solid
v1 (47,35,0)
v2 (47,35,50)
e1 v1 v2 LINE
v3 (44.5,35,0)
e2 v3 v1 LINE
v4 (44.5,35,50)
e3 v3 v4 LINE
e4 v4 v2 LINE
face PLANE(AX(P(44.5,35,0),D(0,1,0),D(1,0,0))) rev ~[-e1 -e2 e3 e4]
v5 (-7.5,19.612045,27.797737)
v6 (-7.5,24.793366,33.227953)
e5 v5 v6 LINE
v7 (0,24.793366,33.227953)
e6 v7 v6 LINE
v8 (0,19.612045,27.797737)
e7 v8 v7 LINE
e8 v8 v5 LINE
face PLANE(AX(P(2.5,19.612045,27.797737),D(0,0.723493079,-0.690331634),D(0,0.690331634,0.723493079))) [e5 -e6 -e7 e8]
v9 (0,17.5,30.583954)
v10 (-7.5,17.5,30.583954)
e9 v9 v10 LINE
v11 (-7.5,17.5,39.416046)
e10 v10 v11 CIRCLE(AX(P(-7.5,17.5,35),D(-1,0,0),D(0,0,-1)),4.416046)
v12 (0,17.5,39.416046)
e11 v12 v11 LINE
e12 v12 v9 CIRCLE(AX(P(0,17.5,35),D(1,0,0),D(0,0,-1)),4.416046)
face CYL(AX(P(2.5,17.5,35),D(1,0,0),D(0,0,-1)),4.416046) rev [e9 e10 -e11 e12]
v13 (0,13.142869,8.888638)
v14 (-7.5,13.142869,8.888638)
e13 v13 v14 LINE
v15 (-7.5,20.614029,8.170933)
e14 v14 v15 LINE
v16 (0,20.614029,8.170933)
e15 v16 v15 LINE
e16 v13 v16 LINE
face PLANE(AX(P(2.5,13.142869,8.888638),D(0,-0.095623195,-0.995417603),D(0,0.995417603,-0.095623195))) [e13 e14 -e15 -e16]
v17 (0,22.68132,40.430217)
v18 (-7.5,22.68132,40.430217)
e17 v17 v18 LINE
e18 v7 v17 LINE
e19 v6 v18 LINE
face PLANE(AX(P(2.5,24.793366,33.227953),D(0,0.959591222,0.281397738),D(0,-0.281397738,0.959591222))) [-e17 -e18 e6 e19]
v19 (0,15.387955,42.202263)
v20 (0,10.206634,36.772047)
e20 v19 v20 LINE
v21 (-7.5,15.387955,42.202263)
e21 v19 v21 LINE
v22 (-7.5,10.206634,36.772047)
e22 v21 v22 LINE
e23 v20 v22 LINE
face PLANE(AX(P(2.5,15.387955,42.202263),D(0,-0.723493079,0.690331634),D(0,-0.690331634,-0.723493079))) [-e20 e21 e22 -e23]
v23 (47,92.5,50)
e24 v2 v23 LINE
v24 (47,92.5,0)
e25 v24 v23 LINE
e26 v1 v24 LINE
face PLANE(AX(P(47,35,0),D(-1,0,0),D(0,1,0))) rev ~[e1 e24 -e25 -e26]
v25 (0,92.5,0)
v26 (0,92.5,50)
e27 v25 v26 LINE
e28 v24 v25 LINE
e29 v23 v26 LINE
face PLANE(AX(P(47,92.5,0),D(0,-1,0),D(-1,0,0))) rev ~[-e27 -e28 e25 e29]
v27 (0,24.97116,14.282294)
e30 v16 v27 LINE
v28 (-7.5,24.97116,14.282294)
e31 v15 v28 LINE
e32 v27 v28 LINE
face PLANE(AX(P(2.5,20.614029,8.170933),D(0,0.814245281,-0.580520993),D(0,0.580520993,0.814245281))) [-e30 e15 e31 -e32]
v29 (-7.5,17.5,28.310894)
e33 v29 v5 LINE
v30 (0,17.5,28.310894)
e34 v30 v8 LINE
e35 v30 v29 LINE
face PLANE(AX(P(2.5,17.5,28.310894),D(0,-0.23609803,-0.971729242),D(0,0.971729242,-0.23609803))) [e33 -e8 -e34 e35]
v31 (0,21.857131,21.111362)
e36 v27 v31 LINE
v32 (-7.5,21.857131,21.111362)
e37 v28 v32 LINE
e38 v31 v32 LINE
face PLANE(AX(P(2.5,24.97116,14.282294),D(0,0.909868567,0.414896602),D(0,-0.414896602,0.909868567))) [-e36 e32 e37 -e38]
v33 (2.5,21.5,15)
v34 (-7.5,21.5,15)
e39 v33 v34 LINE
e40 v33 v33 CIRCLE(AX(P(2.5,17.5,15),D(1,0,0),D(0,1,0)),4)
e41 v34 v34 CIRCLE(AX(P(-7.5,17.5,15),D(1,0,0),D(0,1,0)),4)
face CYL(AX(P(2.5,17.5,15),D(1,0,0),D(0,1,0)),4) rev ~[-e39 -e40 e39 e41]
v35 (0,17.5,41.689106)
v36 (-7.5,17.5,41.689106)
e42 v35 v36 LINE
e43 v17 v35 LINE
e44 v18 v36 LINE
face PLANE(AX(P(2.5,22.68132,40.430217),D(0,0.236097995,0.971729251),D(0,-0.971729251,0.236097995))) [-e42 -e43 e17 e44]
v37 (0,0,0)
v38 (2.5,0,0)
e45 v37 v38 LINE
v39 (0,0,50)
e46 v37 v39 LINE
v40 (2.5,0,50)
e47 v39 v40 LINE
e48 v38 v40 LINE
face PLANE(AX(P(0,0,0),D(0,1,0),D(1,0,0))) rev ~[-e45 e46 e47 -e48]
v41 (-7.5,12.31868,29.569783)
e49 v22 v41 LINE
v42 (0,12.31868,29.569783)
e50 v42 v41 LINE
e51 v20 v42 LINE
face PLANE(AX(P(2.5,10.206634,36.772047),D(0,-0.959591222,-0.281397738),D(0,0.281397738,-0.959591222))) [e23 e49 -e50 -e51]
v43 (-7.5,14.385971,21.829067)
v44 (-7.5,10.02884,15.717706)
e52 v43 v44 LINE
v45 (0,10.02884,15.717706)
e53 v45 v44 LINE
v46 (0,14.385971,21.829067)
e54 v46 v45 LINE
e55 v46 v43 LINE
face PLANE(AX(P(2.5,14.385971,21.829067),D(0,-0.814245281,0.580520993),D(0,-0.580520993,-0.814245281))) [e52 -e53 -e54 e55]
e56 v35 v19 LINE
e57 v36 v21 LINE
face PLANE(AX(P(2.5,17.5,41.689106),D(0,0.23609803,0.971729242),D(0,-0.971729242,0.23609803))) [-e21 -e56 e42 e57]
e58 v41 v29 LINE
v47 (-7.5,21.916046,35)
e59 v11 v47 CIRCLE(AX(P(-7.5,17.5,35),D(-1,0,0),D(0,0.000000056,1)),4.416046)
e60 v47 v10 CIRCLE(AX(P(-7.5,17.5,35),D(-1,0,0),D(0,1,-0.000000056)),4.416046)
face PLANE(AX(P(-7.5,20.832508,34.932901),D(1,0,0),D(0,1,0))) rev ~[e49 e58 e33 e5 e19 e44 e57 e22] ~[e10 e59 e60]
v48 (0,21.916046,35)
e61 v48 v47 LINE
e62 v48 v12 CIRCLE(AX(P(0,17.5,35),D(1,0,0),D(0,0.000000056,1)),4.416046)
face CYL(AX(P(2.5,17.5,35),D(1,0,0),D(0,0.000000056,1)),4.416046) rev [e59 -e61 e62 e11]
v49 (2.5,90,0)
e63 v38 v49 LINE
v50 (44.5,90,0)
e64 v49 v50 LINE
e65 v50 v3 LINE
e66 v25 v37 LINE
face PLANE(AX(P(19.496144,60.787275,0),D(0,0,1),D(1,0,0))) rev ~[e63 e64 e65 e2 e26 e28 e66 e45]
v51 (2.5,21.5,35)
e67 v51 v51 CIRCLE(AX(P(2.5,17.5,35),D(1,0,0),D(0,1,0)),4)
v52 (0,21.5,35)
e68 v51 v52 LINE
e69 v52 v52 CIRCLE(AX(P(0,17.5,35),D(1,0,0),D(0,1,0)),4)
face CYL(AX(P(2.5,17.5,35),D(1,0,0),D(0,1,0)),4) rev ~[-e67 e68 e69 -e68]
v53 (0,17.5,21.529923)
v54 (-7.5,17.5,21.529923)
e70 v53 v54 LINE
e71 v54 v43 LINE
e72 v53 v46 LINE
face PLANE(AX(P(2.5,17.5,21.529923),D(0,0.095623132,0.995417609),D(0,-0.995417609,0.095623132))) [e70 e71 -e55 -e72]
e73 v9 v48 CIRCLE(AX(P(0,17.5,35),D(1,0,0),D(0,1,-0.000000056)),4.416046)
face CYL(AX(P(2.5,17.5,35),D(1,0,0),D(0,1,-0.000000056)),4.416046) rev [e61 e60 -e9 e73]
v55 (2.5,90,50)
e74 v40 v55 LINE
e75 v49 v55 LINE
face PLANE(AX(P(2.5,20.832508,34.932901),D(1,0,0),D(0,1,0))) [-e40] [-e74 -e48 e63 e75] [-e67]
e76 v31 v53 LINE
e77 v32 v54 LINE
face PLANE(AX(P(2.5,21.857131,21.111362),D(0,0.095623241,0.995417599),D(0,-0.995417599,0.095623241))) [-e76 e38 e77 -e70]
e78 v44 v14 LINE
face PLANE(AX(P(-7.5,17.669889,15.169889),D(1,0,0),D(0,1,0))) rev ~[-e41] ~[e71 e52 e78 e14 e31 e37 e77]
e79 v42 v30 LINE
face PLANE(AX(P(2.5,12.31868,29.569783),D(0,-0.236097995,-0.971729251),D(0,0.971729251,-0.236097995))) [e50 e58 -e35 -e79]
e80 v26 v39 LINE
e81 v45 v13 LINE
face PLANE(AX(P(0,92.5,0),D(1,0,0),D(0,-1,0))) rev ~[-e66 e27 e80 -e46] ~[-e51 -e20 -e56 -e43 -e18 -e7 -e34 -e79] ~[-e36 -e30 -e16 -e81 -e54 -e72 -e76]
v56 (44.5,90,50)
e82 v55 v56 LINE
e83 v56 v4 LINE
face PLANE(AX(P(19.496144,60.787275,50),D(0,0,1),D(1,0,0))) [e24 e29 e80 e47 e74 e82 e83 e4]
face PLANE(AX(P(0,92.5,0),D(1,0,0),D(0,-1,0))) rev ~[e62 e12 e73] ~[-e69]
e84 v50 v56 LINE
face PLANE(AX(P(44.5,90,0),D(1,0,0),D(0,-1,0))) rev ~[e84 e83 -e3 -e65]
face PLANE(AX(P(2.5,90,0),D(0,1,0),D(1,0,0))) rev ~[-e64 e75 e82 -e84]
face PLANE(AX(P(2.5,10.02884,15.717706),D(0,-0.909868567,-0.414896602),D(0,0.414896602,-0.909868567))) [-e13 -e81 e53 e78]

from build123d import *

# Parameters (mm, degrees)
F1_DEPTH = 50
F3_DEPTH = 10
F4_R     = 4
F5_DEPTH = 15


with BuildPart() as f1:
    # F0 (on Top) → F1 (new body)
    with BuildSketch(Plane.XY):
        Polygon((0, 92.5), (0, 0), (2.5, 0), (2.5, 90), (44.5, 90), (44.5, 35), (47, 35), (47, 92.5), align=None)
    extrude(amount=F1_DEPTH)

    # F2 (on face) → F3 (join)
    with BuildSketch(Plane.YZ.offset(2.5)):
        with BuildLine():
            Line((22.68132, 40.430217), (17.5, 41.689106))
            Line((17.5, 41.689106), (17.5, 39.416046))
            ThreePointArc((17.5, 39.416046), (20.622616, 38.122616), (21.916046, 35))
            ThreePointArc((21.916046, 35), (20.622616, 31.877384), (17.5, 30.583954))
            Line((17.5, 30.583954), (17.5, 28.310894))
            Line((17.5, 28.310894), (19.612045, 27.797737))
            Line((19.612045, 27.797737), (24.793366, 33.227953))
            Line((24.793366, 33.227953), (22.68132, 40.430217))
        make_face()
        with BuildLine():
            Line((17.5, 39.416046), (17.5, 41.689106))
            Line((17.5, 41.689106), (15.387955, 42.202263))
            Line((15.387955, 42.202263), (10.206634, 36.772047))
            Line((10.206634, 36.772047), (12.31868, 29.569783))
            Line((12.31868, 29.569783), (17.5, 28.310894))
            Line((17.5, 28.310894), (17.5, 30.583954))
            ThreePointArc((17.5, 30.583954), (13.083954, 35), (17.5, 39.416046))
        make_face()
        with BuildLine():
            ThreePointArc((21.304212, 15), (20.189984, 17.689984), (17.5, 18.804212))
            ThreePointArc((17.5, 18.804212), (14.810016, 12.310016), (21.304212, 15))
        make_face()
        Polygon((21.857131, 21.111362), (17.5, 21.529923), (14.385971, 21.829067), (10.02884, 15.717706), (13.142869, 8.888638), (20.614029, 8.170933), (24.97116, 14.282294), align=None)
        with BuildLine():
            ThreePointArc((21.304212, 15), (14.810016, 12.310016), (17.5, 18.804212))
            ThreePointArc((17.5, 18.804212), (20.189984, 17.689984), (21.304212, 15))
        make_face(mode=Mode.SUBTRACT)
    extrude(amount=-F3_DEPTH)

    # F4 (on face) → F5 (cut)
    with BuildSketch(Plane.YZ.offset(2.5)):
        with Locations((17.5, 35)):
            Circle(F4_R)
        with Locations((17.5, 15)):
            Circle(F4_R)
    extrude(amount=-F5_DEPTH, mode=Mode.SUBTRACT)


solid = f1.part
